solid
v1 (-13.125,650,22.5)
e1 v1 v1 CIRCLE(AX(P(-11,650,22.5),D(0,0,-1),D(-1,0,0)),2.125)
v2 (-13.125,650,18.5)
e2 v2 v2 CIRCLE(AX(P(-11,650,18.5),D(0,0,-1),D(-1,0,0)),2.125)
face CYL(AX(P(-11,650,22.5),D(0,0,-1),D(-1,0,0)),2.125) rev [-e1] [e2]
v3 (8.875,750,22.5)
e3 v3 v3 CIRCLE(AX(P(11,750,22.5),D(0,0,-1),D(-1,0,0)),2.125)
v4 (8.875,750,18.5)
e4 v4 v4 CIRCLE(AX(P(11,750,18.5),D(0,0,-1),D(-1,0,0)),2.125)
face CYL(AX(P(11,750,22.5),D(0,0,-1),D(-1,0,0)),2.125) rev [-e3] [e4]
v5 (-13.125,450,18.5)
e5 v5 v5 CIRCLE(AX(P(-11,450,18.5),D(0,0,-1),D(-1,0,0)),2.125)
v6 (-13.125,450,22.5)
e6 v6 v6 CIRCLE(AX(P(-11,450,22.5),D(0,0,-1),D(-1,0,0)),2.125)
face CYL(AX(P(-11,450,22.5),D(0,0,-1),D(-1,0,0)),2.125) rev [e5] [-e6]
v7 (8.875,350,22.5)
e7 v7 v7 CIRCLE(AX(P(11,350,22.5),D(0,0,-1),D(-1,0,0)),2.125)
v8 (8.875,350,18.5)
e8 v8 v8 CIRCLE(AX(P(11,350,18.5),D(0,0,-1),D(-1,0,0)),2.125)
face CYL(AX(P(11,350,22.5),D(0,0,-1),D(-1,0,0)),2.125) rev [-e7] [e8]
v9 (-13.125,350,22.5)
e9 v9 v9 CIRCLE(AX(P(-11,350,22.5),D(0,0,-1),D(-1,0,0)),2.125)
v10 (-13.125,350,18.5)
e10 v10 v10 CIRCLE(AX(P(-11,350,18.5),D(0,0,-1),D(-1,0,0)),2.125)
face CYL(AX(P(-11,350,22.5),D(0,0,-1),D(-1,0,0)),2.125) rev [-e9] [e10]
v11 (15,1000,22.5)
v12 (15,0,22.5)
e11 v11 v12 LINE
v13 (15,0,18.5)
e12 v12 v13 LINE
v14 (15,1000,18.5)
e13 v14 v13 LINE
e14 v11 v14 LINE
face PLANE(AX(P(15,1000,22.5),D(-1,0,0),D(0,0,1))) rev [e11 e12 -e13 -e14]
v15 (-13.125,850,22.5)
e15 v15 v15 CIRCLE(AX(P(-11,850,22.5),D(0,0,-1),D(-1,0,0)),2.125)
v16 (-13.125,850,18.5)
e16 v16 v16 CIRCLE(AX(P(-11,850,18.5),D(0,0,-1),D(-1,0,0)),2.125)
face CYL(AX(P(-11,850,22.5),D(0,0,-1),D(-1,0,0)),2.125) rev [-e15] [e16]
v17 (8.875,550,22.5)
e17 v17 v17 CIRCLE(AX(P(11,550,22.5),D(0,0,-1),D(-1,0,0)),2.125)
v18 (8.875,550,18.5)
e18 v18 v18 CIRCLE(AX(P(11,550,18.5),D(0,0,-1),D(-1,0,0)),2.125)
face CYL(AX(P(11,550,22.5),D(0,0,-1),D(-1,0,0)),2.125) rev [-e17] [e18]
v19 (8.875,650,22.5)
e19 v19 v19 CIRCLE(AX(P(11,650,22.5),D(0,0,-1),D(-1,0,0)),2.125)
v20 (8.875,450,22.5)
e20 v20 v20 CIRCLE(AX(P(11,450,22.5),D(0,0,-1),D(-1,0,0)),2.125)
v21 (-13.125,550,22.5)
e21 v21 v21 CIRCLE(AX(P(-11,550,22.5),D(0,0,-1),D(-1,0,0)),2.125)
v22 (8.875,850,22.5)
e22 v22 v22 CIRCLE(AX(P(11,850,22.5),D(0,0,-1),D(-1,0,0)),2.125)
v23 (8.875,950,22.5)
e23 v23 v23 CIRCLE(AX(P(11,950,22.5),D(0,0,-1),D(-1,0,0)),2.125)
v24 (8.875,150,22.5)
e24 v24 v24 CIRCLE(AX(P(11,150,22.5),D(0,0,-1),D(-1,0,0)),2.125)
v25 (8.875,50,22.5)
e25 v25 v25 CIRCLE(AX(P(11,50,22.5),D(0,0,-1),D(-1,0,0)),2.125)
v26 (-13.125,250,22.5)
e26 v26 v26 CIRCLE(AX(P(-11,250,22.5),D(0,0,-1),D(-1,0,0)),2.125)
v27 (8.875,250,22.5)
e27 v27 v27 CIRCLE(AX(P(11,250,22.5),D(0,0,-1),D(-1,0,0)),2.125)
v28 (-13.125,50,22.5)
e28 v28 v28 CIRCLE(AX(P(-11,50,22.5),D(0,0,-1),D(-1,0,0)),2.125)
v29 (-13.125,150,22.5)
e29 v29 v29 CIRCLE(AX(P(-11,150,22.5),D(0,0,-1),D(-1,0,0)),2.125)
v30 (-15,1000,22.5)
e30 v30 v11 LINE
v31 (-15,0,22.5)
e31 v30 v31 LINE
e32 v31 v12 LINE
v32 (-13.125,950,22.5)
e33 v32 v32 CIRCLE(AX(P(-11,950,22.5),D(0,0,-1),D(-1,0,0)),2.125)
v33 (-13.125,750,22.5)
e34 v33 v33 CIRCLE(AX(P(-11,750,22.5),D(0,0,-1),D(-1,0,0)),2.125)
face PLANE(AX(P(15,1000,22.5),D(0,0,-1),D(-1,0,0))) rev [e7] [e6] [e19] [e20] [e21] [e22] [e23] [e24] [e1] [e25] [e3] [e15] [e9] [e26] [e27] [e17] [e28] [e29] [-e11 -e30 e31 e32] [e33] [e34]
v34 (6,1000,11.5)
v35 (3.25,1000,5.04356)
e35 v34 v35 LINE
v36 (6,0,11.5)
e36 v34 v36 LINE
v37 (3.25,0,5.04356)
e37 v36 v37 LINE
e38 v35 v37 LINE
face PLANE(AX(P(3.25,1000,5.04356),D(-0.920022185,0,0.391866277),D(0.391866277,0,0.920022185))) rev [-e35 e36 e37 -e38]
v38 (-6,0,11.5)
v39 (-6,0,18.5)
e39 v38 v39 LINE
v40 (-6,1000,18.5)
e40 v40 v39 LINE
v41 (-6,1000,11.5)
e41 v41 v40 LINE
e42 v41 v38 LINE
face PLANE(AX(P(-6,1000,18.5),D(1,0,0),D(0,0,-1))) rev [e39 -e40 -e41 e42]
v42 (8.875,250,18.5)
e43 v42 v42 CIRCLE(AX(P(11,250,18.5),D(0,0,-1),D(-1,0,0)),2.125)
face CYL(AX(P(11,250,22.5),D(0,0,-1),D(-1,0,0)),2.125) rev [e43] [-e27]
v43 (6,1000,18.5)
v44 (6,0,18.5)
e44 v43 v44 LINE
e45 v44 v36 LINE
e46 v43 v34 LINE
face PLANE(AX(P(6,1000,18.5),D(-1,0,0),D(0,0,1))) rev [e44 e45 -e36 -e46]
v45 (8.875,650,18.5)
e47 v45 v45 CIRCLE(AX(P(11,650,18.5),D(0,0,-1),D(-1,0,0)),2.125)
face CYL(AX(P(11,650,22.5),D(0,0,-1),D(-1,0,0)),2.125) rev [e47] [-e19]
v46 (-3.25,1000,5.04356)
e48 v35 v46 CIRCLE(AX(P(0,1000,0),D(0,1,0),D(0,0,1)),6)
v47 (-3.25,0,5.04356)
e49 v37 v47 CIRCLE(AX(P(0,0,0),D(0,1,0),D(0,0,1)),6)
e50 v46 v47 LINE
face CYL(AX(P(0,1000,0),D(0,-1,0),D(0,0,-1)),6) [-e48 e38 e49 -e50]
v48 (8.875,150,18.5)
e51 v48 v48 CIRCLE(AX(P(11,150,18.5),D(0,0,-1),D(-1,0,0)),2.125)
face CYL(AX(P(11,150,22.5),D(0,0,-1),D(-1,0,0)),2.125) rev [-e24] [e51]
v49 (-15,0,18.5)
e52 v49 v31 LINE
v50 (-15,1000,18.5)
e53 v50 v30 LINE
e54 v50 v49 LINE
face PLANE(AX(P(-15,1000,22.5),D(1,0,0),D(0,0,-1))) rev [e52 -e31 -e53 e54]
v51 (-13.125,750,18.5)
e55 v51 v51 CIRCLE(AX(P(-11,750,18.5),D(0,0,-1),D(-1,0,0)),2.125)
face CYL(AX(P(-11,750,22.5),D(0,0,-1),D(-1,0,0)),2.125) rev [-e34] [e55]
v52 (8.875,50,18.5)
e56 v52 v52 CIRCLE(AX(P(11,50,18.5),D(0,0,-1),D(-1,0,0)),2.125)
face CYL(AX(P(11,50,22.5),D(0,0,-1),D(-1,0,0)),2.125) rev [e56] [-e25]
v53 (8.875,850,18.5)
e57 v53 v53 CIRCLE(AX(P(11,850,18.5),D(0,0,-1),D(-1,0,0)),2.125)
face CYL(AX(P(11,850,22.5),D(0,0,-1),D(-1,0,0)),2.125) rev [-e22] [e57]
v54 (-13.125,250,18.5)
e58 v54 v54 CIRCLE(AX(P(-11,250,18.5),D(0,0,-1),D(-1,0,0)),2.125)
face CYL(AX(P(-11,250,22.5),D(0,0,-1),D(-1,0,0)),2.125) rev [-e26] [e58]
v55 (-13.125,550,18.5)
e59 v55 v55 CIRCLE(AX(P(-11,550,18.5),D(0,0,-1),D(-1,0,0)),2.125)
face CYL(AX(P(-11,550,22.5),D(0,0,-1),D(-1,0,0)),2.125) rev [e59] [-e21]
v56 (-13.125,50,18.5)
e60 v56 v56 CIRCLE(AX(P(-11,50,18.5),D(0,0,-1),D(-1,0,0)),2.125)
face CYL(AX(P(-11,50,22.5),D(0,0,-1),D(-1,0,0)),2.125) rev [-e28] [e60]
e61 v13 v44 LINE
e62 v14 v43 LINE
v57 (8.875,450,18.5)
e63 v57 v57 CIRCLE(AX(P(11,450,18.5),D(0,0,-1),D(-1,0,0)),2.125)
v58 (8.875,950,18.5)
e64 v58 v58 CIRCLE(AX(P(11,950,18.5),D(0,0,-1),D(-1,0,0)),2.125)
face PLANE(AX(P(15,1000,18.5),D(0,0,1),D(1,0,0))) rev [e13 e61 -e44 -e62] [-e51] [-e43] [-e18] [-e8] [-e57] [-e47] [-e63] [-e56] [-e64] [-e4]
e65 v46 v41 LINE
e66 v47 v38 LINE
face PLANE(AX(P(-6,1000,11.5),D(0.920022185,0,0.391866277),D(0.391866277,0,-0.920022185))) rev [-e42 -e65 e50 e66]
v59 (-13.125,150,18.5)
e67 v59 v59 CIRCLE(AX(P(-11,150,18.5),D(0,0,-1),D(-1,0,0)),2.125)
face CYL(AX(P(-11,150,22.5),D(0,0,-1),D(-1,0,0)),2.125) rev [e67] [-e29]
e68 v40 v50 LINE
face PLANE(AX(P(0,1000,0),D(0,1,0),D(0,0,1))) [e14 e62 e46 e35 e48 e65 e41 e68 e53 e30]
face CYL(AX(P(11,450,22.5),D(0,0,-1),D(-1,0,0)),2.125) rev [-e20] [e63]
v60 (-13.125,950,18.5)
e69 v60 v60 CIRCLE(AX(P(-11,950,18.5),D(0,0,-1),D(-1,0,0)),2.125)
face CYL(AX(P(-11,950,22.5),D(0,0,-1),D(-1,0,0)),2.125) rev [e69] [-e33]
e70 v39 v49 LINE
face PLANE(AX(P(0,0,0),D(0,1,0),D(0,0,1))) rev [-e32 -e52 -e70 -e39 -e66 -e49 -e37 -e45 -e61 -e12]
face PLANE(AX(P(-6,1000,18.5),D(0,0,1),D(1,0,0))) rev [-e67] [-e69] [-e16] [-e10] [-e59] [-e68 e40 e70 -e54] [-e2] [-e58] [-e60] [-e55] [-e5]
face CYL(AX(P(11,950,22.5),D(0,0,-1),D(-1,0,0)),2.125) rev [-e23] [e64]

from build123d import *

# Parameters (mm, degrees)
BOSS_EXTRUDE1_DEPTH = 1000
SKETCH2_R           = 2.125
CUT_EXTRUDE1_DEPTH  = 5
LPATTERN1_COUNT     = 10
LPATTERN1_PITCH     = 100


with BuildPart() as part:
    # Sketch1 → Boss-Extrude1 (new body)
    with BuildSketch(Plane(origin=(0, 0, 0), x_dir=(1, 0, 0), z_dir=(0, 1, 0))):
        with BuildLine():
            Line((15, -22.5), (-15, -22.5))
            Line((-15, -22.5), (-15, -18.5))
            Line((-15, -18.5), (-6, -18.5))
            Line((-6, -18.5), (-6, -11.5))
            Line((-6, -11.5), (-3.25, -5.04356025))
            ThreePointArc((-3.25, -5.04356025), (0, 6), (3.25, -5.04356025))
            Line((3.25, -5.04356025), (6, -11.5))
            Line((6, -11.5), (6, -18.5))
            Line((6, -18.5), (15, -18.5))
            Line((15, -18.5), (15, -22.5))
        make_face()
    extrude(amount=BOSS_EXTRUDE1_DEPTH)

    # Sketch2 → Cut-Extrude1 (cut, through all)
    with BuildSketch(Plane(origin=(0, 0, 18.5), x_dir=(-1, 0, 0), z_dir=(0, 0, -1))):
        with Locations((-11, 950)):
            Circle(SKETCH2_R)
        with Locations((11, 950)):
            Circle(SKETCH2_R)
    cut_extrude1 = extrude(amount=-CUT_EXTRUDE1_DEPTH, mode=Mode.SUBTRACT)

    # LPattern1: Cut-Extrude1 ×10
    with Locations(*[(0, -i * LPATTERN1_PITCH, 0) for i in range(1, LPATTERN1_COUNT)]):
        add(cut_extrude1, mode=Mode.SUBTRACT)


solid = part.part
